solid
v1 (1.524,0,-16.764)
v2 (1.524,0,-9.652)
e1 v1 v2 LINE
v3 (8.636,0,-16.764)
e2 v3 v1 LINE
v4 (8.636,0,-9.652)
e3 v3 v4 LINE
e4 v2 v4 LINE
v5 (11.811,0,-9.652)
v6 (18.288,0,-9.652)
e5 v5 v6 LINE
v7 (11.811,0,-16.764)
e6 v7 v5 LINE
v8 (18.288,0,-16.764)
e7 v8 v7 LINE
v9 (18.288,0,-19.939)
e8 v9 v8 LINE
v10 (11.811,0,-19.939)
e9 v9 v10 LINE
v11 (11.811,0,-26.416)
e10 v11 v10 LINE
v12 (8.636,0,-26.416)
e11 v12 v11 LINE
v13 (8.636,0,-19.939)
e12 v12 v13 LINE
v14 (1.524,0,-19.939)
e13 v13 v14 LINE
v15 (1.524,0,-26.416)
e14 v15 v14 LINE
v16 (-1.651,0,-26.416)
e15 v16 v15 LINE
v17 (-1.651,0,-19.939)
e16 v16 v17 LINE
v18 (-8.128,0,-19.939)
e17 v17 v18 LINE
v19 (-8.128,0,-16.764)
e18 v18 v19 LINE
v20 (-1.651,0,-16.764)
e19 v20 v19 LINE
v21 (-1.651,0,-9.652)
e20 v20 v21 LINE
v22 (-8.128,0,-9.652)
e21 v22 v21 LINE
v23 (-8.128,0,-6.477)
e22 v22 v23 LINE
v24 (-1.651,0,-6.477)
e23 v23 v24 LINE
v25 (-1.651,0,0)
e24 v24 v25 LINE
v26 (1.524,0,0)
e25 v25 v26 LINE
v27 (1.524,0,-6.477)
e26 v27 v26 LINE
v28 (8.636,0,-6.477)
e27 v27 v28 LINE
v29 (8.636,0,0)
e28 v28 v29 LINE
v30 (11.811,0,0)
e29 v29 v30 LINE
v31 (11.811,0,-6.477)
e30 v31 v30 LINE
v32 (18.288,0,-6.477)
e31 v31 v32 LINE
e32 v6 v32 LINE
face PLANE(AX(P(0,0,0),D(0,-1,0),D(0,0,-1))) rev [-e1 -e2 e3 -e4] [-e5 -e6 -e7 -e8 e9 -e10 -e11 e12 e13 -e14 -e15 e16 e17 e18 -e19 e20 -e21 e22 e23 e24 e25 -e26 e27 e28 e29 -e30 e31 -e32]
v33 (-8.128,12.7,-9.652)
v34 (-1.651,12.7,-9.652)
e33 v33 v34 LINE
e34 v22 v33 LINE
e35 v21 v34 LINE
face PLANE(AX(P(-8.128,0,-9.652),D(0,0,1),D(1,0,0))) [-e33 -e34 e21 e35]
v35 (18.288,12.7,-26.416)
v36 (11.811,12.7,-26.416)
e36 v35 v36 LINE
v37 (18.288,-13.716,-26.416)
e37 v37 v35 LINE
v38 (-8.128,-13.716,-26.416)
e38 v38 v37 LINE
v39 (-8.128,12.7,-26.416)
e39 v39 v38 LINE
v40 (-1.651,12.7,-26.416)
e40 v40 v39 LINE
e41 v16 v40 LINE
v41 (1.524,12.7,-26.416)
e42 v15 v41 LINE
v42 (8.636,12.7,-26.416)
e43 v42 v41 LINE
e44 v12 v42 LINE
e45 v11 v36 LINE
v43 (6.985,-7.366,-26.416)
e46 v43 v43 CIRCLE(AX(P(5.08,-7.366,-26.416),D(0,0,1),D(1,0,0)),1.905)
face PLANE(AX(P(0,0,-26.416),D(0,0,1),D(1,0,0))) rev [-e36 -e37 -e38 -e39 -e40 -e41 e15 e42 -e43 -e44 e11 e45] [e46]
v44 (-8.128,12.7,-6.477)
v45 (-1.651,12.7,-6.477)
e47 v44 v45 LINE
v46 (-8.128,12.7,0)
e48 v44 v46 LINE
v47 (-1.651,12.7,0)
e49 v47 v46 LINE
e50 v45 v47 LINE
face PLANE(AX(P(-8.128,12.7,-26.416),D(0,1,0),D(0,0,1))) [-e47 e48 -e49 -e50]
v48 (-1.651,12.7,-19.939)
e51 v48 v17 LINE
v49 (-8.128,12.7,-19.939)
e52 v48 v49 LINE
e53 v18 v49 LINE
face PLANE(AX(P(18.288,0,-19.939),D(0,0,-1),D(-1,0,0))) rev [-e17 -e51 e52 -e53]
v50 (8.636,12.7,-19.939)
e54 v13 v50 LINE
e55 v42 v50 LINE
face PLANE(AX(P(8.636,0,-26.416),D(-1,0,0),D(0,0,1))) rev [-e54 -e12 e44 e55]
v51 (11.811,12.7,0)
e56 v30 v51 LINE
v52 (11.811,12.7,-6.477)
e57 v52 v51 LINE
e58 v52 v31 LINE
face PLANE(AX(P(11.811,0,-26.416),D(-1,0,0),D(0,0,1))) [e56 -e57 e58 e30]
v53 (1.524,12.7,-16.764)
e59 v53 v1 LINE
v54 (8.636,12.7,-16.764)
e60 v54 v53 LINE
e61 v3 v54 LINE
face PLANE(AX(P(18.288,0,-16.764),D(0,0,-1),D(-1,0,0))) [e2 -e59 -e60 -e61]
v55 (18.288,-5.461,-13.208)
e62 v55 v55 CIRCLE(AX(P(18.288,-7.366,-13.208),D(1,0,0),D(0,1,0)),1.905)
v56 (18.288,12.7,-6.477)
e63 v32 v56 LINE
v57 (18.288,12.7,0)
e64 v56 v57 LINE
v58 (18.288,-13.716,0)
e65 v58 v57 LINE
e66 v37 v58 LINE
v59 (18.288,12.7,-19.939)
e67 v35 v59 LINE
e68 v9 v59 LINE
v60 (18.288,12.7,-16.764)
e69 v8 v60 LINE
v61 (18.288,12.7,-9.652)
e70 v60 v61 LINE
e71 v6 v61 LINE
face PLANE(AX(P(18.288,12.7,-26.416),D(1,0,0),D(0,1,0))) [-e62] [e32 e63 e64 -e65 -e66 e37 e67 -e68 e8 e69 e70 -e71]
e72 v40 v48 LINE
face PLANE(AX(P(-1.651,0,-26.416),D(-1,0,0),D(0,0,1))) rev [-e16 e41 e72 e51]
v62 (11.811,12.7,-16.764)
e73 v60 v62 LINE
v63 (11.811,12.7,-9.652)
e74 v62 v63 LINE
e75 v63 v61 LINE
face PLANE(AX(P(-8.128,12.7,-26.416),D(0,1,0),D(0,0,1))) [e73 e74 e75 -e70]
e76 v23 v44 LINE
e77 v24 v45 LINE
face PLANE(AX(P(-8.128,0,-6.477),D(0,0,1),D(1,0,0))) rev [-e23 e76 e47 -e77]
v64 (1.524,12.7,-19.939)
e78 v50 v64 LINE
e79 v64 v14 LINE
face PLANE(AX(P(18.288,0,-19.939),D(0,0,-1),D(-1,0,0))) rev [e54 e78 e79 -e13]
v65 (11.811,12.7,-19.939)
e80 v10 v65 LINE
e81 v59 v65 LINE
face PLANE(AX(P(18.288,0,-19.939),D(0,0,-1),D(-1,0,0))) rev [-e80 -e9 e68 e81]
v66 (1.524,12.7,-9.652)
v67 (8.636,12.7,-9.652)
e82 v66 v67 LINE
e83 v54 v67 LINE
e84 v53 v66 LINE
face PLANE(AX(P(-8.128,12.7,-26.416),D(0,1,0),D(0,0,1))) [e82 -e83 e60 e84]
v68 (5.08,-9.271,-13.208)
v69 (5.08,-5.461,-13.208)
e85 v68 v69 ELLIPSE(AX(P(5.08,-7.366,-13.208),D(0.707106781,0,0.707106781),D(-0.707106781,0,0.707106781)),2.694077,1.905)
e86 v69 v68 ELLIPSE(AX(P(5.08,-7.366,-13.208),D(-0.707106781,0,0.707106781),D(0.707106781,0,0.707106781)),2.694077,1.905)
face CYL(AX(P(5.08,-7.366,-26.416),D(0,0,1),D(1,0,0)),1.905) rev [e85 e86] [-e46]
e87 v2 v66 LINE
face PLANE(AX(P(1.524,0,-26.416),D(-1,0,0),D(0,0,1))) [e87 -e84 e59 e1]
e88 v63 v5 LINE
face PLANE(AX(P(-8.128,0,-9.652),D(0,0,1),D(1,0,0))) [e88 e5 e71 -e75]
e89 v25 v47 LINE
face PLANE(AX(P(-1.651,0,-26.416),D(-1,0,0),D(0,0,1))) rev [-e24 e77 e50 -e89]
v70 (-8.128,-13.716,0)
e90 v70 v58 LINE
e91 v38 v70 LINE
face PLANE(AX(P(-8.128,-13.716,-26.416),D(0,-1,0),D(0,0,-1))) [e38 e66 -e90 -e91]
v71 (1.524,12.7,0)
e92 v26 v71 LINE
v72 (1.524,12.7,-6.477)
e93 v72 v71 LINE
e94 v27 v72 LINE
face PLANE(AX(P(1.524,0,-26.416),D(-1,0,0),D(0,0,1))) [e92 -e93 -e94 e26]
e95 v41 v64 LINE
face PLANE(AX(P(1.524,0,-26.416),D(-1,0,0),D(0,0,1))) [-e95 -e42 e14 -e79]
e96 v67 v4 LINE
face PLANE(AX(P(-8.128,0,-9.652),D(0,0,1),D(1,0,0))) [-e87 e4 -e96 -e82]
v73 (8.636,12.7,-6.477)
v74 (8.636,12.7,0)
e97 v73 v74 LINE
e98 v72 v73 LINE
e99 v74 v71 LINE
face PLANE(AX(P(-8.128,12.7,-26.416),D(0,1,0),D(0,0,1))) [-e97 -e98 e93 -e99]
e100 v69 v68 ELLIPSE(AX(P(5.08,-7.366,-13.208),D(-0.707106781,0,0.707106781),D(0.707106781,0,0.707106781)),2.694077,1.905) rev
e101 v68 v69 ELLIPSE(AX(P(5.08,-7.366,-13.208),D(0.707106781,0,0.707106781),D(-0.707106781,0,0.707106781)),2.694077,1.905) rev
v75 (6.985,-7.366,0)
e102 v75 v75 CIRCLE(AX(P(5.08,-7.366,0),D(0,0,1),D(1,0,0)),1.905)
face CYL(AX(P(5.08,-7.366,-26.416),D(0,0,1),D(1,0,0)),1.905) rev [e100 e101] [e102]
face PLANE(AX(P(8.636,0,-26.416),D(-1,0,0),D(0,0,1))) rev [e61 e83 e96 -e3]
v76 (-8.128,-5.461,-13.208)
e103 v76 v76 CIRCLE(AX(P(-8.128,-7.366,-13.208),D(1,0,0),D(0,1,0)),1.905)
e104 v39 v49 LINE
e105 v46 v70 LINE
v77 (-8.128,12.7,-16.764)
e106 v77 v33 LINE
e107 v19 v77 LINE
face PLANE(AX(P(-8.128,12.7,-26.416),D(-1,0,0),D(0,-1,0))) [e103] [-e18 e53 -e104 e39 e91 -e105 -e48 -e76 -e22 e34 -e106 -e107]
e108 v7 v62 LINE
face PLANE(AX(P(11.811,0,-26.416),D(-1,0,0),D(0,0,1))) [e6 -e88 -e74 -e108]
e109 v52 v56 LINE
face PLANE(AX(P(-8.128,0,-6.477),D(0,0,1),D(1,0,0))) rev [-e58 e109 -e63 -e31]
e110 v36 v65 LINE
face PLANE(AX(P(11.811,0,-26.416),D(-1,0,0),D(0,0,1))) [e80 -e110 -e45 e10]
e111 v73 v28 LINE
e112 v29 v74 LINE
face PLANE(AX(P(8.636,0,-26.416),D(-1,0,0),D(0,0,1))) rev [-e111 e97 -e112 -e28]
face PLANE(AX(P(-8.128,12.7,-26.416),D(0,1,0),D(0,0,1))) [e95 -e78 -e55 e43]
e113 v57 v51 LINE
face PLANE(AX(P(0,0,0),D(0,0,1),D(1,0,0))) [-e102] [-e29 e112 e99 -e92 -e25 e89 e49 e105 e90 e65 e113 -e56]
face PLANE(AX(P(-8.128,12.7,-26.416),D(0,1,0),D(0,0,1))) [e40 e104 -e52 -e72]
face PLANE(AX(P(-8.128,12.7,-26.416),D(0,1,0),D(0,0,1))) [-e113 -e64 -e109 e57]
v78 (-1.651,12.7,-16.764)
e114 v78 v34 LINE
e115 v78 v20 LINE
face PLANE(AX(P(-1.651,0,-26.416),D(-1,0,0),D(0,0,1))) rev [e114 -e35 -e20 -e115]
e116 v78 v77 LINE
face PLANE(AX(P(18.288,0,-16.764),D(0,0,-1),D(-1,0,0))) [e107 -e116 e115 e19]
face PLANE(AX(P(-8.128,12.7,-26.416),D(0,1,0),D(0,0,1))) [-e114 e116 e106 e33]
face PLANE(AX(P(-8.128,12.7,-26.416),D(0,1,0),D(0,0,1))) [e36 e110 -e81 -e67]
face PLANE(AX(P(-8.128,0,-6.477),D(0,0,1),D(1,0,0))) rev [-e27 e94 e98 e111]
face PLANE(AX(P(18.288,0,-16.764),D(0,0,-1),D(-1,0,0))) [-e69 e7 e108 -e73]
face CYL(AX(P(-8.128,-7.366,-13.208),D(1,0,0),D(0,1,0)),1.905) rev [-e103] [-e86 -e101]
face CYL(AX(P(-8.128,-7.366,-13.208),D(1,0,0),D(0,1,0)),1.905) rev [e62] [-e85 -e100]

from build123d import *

# Parameters (mm, degrees)
SKETCH2_W           = 26.416
SKETCH2_H           = 26.416
BOSS_EXTRUDE1_DEPTH = 26.416
SKETCH4_W           = 3.175
SKETCH4_H           = 26.416
SKETCH4_W_2         = 26.416
SKETCH4_H_2         = 3.175
CUT_EXTRUDE3_DEPTH  = 12.7
SKETCH7_R           = 1.905
CUT_EXTRUDE5_DEPTH  = 35.934004294
SKETCH8_R           = 1.905
CUT_EXTRUDE6_DEPTH  = 40.796215498


with BuildPart() as part:
    # Sketch2 → Boss-Extrude1 (new body)
    with BuildSketch(Plane.XY):
        with Locations((5.08, -0.508)):
            Rectangle(SKETCH2_W, SKETCH2_H)
    extrude(amount=-BOSS_EXTRUDE1_DEPTH)

    # Sketch4 → Cut-Extrude3 (cut)
    with BuildSketch(Plane(origin=(0, 12.7, 0), x_dir=(1, 0, 0), z_dir=(0, 1, 0))):
        with Locations((-0.0635, 13.208)):
            Rectangle(SKETCH4_W, SKETCH4_H)
        with Locations((10.2235, 13.208)):
            Rectangle(SKETCH4_W, SKETCH4_H)
        with Locations((5.08, 18.3515)):
            Rectangle(SKETCH4_W_2, SKETCH4_H_2)
        with Locations((5.08, 8.0645)):
            Rectangle(SKETCH4_W_2, SKETCH4_H_2)
    extrude(amount=-CUT_EXTRUDE3_DEPTH, mode=Mode.SUBTRACT)

    # Sketch7 → Cut-Extrude5 (cut, through all)
    with BuildSketch(Plane.XY):
        with Locations((5.08, -7.366)):
            Circle(SKETCH7_R)
    extrude(amount=-CUT_EXTRUDE5_DEPTH, mode=Mode.SUBTRACT)

    # Sketch8 → Cut-Extrude6 (cut, through all)
    with BuildSketch(Plane(origin=(18.288, 0, 0), x_dir=(0, 0, -1), z_dir=(1, 0, 0))):
        with Locations(Location((13.208, -7.366, 0), (0, 0, 90))):
            Circle(SKETCH8_R)
    extrude(amount=-CUT_EXTRUDE6_DEPTH, mode=Mode.SUBTRACT)


solid = part.part
